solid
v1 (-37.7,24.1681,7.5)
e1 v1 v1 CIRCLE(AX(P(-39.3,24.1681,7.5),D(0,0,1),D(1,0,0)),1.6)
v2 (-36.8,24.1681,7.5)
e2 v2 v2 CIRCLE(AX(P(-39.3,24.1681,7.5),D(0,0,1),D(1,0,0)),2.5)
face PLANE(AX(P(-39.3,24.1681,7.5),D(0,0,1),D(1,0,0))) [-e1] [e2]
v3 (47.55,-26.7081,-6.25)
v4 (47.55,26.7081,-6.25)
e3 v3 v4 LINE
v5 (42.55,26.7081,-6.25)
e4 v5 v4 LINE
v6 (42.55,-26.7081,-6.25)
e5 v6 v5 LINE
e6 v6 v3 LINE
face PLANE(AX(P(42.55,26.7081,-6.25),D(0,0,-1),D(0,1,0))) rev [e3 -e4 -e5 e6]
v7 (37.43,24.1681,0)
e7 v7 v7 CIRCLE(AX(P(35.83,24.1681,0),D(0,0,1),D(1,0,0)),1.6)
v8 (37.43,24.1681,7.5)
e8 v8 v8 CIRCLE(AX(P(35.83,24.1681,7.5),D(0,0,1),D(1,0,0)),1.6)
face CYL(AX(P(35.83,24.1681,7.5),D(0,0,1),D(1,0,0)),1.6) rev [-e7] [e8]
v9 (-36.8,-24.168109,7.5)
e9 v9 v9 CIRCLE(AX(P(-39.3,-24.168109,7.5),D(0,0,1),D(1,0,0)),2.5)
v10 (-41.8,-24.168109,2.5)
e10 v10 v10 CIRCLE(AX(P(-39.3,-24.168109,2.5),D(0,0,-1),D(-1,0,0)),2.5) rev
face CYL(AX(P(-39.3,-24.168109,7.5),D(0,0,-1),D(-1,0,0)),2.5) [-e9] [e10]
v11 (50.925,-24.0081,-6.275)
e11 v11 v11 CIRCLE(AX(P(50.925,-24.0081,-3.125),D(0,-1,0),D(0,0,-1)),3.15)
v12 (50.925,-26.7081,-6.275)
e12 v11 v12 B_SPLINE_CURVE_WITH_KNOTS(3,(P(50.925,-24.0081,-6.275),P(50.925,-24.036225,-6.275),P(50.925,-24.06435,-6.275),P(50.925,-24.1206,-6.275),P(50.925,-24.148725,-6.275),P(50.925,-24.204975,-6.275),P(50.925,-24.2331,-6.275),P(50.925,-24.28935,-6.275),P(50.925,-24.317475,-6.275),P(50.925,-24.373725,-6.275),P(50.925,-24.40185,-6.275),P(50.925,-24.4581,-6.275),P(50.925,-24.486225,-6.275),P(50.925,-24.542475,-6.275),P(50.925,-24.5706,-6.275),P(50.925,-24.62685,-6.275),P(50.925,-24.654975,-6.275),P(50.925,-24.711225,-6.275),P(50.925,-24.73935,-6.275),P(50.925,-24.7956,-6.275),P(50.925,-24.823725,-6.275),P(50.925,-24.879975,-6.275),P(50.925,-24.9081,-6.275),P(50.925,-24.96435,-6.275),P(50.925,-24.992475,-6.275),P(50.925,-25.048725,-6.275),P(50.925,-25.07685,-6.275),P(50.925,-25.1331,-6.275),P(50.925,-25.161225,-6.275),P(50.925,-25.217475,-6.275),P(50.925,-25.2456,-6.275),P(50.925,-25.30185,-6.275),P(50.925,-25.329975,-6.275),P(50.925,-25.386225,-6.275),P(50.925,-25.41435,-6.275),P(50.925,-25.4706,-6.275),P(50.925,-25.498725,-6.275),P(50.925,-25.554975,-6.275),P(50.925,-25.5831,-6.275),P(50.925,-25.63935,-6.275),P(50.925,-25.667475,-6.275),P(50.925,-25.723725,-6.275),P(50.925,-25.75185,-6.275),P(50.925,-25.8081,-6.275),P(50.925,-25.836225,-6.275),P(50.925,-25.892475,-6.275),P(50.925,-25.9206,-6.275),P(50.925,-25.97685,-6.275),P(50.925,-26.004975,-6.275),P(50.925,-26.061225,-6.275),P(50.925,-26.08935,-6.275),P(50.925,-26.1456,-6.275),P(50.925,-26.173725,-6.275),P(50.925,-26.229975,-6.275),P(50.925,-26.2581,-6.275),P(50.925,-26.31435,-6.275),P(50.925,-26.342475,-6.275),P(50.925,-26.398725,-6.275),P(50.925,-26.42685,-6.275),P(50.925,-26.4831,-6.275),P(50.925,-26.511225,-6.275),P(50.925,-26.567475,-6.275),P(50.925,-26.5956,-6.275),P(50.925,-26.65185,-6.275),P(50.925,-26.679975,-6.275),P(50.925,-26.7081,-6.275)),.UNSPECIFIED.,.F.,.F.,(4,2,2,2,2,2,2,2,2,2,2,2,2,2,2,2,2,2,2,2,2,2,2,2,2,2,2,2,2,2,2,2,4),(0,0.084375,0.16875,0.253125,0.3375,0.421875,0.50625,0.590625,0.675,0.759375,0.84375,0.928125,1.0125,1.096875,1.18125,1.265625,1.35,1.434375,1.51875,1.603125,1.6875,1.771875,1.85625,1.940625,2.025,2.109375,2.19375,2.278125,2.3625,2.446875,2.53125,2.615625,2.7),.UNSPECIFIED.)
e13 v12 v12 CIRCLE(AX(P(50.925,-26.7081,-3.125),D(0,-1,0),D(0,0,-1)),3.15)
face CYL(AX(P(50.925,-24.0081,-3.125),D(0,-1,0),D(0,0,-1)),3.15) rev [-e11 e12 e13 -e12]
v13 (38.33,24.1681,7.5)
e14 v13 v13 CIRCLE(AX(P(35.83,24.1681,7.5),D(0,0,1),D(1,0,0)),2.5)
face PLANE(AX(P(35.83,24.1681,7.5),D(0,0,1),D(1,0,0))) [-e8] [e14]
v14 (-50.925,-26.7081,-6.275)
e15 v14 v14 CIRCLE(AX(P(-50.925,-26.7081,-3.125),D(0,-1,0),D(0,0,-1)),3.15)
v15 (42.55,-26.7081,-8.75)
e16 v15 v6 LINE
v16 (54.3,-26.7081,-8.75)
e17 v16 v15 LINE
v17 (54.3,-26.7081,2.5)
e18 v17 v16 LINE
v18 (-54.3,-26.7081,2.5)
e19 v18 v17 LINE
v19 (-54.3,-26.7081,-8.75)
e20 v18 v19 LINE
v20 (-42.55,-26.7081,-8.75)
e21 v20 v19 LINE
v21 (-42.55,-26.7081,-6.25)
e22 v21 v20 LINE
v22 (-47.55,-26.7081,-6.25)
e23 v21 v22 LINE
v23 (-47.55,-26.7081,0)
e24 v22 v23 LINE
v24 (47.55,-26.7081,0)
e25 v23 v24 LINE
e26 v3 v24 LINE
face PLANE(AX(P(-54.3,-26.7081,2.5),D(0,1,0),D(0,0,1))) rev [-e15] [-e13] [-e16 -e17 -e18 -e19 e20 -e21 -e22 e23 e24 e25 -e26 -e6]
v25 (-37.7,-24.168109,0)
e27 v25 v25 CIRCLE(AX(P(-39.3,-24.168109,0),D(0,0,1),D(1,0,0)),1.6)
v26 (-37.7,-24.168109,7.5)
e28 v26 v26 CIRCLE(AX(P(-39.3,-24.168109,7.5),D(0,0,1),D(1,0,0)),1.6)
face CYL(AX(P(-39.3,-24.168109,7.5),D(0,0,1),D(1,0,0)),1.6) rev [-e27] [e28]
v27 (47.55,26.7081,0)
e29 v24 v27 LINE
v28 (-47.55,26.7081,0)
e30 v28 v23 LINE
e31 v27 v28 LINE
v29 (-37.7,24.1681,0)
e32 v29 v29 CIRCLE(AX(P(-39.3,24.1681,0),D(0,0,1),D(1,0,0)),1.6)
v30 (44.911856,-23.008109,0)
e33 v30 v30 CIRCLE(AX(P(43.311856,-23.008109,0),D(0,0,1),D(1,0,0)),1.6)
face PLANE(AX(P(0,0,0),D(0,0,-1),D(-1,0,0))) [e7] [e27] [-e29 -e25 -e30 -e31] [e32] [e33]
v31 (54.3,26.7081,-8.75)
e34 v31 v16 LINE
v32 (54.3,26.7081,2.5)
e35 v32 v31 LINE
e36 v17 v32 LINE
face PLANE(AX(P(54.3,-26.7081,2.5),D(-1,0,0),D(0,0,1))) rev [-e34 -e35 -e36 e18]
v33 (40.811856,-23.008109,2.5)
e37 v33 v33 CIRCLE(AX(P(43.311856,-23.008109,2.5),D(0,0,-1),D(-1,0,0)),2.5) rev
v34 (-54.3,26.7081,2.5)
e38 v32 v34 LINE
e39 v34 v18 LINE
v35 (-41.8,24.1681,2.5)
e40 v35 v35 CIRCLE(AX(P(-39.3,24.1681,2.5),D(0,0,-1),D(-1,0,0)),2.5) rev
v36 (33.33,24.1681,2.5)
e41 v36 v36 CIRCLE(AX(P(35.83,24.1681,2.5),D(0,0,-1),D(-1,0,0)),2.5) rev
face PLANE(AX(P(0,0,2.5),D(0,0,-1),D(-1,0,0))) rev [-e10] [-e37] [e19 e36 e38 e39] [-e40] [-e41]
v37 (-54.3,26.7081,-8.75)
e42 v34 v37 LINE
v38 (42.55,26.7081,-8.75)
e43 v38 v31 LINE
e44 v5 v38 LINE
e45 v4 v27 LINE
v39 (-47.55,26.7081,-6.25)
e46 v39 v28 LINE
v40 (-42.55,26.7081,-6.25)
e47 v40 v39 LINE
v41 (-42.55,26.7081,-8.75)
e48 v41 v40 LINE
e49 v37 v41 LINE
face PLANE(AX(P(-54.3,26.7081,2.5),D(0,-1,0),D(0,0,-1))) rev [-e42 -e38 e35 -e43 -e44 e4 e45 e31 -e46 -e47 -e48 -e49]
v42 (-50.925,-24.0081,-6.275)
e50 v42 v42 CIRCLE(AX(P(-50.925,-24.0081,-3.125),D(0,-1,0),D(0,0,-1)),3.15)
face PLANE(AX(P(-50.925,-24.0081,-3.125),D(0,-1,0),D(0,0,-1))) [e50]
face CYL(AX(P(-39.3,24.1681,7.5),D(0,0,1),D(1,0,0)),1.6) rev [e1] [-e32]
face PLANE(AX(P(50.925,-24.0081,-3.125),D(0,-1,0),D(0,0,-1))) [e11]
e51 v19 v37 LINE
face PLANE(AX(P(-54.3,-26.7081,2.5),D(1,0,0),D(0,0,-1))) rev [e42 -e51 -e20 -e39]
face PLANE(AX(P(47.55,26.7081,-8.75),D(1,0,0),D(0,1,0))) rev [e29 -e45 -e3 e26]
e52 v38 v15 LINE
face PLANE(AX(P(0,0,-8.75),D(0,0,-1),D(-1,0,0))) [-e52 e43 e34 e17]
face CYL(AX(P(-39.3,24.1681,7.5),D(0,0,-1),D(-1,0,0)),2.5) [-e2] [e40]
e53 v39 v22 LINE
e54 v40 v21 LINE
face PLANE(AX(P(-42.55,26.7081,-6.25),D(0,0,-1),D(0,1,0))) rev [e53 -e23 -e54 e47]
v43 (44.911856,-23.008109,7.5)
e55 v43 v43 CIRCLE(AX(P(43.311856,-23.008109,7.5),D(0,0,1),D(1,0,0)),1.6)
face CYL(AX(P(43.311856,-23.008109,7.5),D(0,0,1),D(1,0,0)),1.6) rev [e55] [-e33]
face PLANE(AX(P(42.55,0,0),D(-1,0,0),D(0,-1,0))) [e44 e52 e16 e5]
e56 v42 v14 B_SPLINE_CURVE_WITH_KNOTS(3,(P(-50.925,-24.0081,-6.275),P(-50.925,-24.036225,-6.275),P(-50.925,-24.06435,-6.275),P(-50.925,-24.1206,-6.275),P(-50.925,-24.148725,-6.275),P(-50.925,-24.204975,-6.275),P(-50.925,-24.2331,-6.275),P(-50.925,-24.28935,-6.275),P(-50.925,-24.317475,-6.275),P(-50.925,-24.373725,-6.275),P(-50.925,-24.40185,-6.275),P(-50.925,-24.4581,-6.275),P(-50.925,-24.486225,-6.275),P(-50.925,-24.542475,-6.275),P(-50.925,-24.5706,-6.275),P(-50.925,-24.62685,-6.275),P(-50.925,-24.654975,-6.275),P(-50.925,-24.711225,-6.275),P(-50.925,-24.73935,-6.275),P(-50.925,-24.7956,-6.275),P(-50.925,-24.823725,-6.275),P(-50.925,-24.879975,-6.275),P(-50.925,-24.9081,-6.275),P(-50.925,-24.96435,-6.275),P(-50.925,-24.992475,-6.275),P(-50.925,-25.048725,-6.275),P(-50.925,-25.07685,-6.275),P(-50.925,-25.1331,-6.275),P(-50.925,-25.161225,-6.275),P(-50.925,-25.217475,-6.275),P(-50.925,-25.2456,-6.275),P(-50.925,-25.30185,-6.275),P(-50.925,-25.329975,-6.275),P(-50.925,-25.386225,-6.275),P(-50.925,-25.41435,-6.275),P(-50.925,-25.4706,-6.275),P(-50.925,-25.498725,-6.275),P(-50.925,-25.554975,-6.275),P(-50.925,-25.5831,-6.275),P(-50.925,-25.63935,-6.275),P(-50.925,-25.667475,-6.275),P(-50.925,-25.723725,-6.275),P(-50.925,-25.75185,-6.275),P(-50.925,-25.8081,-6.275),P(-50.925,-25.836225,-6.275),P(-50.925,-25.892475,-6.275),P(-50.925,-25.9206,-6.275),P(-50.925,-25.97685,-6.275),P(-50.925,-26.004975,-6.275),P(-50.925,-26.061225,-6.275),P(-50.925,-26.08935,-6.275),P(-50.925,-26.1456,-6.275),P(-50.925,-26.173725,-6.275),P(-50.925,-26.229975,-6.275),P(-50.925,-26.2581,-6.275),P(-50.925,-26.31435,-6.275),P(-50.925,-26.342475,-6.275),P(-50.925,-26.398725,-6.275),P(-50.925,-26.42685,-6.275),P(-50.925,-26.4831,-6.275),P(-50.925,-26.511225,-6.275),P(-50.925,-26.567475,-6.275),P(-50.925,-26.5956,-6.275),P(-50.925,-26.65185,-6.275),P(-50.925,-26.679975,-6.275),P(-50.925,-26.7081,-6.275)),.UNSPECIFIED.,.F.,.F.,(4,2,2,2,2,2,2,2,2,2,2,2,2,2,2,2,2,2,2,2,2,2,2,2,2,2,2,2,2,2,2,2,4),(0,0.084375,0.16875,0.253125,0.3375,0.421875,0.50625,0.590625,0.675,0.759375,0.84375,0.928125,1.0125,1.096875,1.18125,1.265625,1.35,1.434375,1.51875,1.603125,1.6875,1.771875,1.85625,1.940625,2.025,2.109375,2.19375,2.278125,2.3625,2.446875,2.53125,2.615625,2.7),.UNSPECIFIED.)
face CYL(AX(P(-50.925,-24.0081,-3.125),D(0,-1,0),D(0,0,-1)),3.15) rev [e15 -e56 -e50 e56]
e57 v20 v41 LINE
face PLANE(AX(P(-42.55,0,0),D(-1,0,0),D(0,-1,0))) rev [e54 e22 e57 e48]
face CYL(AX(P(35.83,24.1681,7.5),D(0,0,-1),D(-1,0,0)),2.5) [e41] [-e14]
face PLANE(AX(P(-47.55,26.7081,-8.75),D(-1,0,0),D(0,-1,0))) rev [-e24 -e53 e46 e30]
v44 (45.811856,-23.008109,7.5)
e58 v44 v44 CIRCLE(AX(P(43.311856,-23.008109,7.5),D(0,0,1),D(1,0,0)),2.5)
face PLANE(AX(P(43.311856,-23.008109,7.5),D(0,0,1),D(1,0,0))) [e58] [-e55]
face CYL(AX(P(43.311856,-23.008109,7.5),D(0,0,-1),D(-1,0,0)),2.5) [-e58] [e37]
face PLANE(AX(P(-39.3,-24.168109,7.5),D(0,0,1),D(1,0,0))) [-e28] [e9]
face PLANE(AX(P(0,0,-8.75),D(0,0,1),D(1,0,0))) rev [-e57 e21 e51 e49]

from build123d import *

# Parameters (mm, degrees)
SKETCH1_W            = 108.6
SKETCH1_H            = 53.4162
BOSS_EXTRUDE1_DEPTH  = 2.5
SKETCH2_R            = 2.5
BOSS_EXTRUDE2_DEPTH  = 5
M3_CLEARANCE_HOLE1_D = 3.2
SKETCH5_W            = 6.75
SKETCH5_H            = 53.4162
BOSS_EXTRUDE3_DEPTH  = 8.75
SKETCH6_W            = 2.5
SKETCH6_H            = 53.4162
BOSS_EXTRUDE4_DEPTH  = 5
SKETCH7_W            = 2.5
SKETCH7_H            = 53.4162
BOSS_EXTRUDE5_DEPTH  = 5
SKETCH8_R            = 3.15
CUT_EXTRUDE1_DEPTH   = 2.7


with BuildPart() as part:
    # Sketch1 → Boss-Extrude1 (new body)
    with BuildSketch(Plane.XY):
        Rectangle(SKETCH1_W, SKETCH1_H)
    extrude(amount=BOSS_EXTRUDE1_DEPTH)

    # Sketch2 → Boss-Extrude2 (add)
    with BuildSketch(Plane.XY.offset(2.5)):
        with Locations(Location((-39.3, 24.1681, 0), (0, 0, 180))):
            Circle(SKETCH2_R)
        with Locations(Location((35.83, 24.1681, 0), (0, 0, 180))):
            Circle(SKETCH2_R)
        with Locations(Location((43.311856292, -23.00810902, 0), (0, 0, 180))):
            Circle(SKETCH2_R)
        with Locations(Location((-39.3, -24.16810902, 0), (0, 0, 180))):
            Circle(SKETCH2_R)
    extrude(amount=BOSS_EXTRUDE2_DEPTH)

    # M3 Clearance Hole1 (through all)
    with Locations(Plane.XY.offset(7.5)):
        with Locations((-39.3, 24.1681), (35.83, 24.1681), (43.311856292, -23.00810902), (-39.3, -24.16810902)):
            Hole(M3_CLEARANCE_HOLE1_D / 2)

    # Sketch5 → Boss-Extrude3 (add)
    with BuildSketch(Plane(origin=(0, 0, 0), x_dir=(-1, 0, 0), z_dir=(0, 0, -1))):
        with Locations((-50.925, 0)):
            Rectangle(SKETCH5_W, SKETCH5_H)
        with Locations((50.925, 0)):
            Rectangle(SKETCH5_W, SKETCH5_H)
    extrude(amount=BOSS_EXTRUDE3_DEPTH)

    # Sketch6 → Boss-Extrude4 (add)
    with BuildSketch(Plane.ZY.offset(-47.55)):
        with Locations((-7.5, 0)):
            Rectangle(SKETCH6_W, SKETCH6_H)
    extrude(amount=BOSS_EXTRUDE4_DEPTH)

    # Sketch7 → Boss-Extrude5 (add)
    with BuildSketch(Plane(origin=(-47.55, 0, 0), x_dir=(0, 0, -1), z_dir=(1, 0, 0))):
        with Locations((7.5, 0)):
            Rectangle(SKETCH7_W, SKETCH7_H)
    extrude(amount=BOSS_EXTRUDE5_DEPTH)

    # Sketch8 → Cut-Extrude1 (cut)
    with BuildSketch(Plane.XZ.offset(26.7081)):
        with Locations(Location((-50.925, -3.125, 0), (0, 0, 270))):
            Circle(SKETCH8_R)
        with Locations(Location((50.925, -3.125, 0), (0, 0, 270))):
            Circle(SKETCH8_R)
    extrude(amount=-CUT_EXTRUDE1_DEPTH, mode=Mode.SUBTRACT)


solid = part.part
